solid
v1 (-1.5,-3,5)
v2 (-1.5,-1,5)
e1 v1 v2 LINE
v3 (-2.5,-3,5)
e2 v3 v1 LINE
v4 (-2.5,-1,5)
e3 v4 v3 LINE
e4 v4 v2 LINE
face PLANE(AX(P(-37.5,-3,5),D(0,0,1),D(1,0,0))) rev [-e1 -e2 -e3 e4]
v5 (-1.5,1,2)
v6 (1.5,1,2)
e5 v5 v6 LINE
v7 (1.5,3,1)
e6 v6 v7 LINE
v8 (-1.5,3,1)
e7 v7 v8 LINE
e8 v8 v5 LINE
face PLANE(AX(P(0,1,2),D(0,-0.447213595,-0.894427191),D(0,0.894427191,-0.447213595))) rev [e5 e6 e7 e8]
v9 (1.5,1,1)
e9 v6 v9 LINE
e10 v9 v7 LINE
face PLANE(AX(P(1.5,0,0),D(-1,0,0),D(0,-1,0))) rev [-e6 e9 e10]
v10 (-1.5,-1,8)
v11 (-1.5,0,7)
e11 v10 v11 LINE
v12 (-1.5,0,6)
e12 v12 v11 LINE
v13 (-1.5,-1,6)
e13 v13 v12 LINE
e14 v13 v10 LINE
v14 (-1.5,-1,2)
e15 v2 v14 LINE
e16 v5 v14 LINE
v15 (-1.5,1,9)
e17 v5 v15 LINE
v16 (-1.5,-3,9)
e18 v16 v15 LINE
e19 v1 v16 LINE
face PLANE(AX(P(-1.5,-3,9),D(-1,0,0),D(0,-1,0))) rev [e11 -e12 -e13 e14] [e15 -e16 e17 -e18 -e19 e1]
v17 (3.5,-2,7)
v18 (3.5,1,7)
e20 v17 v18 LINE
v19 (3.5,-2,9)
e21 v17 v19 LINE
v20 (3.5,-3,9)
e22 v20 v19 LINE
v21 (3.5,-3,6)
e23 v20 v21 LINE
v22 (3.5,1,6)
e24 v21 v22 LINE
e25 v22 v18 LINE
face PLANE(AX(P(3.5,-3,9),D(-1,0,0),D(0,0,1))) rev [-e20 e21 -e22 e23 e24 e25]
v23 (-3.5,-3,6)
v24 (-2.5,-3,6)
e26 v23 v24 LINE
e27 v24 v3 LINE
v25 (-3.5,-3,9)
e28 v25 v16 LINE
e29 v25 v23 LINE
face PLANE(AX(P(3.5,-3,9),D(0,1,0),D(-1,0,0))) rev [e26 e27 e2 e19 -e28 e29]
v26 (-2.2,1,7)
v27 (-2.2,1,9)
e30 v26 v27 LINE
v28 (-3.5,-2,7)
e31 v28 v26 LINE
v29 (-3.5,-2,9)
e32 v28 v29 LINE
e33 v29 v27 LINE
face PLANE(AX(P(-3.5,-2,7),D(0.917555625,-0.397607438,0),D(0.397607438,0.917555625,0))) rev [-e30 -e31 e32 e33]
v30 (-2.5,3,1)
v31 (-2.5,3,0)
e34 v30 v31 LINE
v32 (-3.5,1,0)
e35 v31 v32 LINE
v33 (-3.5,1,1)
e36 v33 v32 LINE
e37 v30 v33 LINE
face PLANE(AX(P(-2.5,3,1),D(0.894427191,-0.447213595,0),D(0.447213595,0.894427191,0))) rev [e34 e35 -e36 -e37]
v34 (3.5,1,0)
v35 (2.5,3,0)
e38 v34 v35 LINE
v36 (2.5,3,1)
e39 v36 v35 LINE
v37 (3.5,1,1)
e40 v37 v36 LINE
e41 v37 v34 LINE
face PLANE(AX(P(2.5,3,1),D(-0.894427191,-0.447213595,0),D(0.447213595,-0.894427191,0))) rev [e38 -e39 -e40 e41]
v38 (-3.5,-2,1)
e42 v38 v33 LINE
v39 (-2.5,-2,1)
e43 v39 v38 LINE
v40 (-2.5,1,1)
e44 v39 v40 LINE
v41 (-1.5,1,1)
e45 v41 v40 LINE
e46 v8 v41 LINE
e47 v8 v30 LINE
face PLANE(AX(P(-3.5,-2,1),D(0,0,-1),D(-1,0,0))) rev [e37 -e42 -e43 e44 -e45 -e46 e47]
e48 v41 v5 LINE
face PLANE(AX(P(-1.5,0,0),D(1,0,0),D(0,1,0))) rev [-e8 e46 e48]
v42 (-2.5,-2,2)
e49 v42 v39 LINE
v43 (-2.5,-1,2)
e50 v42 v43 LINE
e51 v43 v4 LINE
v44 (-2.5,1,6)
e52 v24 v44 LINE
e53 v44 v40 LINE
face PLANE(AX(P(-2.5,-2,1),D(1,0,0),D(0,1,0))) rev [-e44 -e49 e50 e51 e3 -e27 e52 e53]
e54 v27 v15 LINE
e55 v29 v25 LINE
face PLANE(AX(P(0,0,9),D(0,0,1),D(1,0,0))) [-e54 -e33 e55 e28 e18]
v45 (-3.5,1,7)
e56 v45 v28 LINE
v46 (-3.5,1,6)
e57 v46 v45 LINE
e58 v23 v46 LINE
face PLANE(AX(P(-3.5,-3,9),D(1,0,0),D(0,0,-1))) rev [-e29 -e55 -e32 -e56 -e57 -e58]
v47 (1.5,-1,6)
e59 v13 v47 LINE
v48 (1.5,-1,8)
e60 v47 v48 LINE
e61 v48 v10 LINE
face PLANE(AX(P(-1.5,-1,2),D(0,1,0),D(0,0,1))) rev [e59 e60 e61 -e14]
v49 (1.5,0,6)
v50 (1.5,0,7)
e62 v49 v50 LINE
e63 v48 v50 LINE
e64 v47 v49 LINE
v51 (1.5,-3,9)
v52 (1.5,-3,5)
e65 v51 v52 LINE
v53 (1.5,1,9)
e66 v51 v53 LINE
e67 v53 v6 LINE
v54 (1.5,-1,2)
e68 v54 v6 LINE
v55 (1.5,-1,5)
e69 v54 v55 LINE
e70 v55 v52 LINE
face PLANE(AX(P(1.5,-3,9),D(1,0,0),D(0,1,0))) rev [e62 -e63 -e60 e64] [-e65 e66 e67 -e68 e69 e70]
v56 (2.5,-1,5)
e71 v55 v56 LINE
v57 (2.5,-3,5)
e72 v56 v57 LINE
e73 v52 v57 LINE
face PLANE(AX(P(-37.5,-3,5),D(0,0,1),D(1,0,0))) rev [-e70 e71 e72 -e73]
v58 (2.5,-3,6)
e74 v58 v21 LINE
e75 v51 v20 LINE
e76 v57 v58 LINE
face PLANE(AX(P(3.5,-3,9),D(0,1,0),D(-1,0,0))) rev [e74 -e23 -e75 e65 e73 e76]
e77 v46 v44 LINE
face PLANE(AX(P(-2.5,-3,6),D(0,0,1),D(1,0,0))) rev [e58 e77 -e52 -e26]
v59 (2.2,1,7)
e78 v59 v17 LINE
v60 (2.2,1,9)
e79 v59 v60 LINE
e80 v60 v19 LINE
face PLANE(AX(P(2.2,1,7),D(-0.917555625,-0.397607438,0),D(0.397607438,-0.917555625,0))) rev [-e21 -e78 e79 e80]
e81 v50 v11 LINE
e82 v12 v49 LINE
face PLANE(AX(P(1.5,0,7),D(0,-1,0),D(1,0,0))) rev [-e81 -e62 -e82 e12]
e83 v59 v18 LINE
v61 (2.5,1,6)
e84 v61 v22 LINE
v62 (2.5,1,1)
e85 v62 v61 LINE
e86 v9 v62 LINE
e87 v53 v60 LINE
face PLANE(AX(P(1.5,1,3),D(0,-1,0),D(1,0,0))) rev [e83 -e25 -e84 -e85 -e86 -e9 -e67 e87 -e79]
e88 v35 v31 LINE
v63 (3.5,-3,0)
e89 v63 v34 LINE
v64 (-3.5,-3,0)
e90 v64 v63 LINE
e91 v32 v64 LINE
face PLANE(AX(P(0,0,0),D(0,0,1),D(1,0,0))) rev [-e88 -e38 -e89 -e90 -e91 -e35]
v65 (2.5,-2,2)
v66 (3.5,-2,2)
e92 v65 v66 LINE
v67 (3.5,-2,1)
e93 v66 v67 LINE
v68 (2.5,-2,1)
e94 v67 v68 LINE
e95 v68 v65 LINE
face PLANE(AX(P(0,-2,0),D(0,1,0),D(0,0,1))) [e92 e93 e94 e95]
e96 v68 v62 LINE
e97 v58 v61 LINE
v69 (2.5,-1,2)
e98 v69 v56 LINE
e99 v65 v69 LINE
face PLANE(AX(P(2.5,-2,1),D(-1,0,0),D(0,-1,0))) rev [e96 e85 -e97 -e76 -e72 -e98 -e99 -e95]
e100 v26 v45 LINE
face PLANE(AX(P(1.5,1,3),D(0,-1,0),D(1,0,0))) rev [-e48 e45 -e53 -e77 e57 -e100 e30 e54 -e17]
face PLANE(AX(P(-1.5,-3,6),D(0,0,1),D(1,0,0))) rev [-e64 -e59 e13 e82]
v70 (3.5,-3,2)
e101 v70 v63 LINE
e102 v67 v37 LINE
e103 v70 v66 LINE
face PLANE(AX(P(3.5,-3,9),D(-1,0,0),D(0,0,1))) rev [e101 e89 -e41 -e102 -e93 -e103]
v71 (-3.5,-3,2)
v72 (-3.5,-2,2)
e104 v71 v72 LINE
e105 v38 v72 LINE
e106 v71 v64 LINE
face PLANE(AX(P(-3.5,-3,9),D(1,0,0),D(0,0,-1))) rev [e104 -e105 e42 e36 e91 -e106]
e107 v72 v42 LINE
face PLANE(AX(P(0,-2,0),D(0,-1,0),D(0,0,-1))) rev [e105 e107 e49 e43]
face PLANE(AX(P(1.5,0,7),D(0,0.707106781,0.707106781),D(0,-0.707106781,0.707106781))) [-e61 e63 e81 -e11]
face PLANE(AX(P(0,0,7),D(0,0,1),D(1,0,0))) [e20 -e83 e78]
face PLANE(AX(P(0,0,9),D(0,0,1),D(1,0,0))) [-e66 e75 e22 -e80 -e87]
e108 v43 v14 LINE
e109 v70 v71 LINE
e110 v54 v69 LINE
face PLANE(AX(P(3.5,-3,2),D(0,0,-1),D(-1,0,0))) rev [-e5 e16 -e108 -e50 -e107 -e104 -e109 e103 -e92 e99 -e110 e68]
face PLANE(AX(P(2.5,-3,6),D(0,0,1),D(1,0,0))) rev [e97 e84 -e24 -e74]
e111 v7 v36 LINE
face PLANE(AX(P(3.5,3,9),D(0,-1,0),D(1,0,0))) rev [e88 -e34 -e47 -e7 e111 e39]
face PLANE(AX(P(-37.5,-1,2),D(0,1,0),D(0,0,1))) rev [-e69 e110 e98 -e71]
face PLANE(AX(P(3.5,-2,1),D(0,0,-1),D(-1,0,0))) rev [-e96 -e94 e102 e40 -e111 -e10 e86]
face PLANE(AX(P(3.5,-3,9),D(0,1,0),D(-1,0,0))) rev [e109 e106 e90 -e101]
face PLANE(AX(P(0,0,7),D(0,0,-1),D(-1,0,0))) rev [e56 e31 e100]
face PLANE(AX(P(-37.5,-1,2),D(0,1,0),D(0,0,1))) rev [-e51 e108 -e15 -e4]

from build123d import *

# Parameters (mm, degrees)
SKETCH1_W           = 7
SKETCH1_H           = 6
BOSS_EXTRUDE1_DEPTH = 9
SKETCH2_W           = 3
SKETCH2_H           = 1
CUT_EXTRUDE10_DEPTH = 7
CUT_EXTRUDE11_DEPTH = 1
SKETCH12_W          = 1
SKETCH12_H          = 1
CUT_EXTRUDE12_DEPTH = 5
SKETCH13_W          = 1
SKETCH13_H          = 4
CUT_EXTRUDE13_DEPTH = 7
CUT_EXTRUDE14_DEPTH = 2
SKETCH15_W          = 3
SKETCH15_H          = 2
CUT_EXTRUDE17_DEPTH = 6
SKETCH18_W          = 3
SKETCH18_H          = 1
CUT_EXTRUDE18_DEPTH = 6
SKETCH20_W          = 3
SKETCH20_H          = 3.16227766
CUT_EXTRUDE19_DEPTH = 6
SKETCH21_W          = 3
SKETCH21_H          = 4
CUT_EXTRUDE20_DEPTH = 6
SKETCH22_W          = 3
SKETCH22_H          = 1
CUT_EXTRUDE22_DEPTH = 6
SKETCH23_W          = 7
SKETCH23_H          = 2
CUT_EXTRUDE24_DEPTH = 7
SKETCH24_W          = 3
SKETCH24_H          = 1
CUT_EXTRUDE25_DEPTH = 2
SKETCH25_W          = 3
SKETCH25_H          = 1
CUT_EXTRUDE26_DEPTH = 2
SKETCH28_W          = 3
SKETCH28_H          = 2.236067977
CUT_EXTRUDE27_DEPTH = 2
SKETCH29_W          = 1
SKETCH29_H          = 2
CUT_EXTRUDE28_DEPTH = 1
SKETCH30_W          = 1
SKETCH30_H          = 2
CUT_EXTRUDE29_DEPTH = 1
SKETCH31_W          = 3
SKETCH31_H          = 2
CUT_EXTRUDE30_DEPTH = 40
CUT_EXTRUDE31_DEPTH = 3


with BuildPart() as part:
    # Sketch1 → Boss-Extrude1 (new body)
    with BuildSketch(Plane.XY):
        Rectangle(SKETCH1_W, SKETCH1_H)
    extrude(amount=BOSS_EXTRUDE1_DEPTH)

    # Sketch2 → Cut-Extrude10 (cut, through all)
    with BuildSketch(Plane(origin=(0, 3, 0), x_dir=(1, 0, 0), z_dir=(0, 1, 0))):
        with Locations((0, -8.5)):
            Rectangle(SKETCH2_W, SKETCH2_H)
    extrude(amount=-CUT_EXTRUDE10_DEPTH, mode=Mode.SUBTRACT)

    # Sketch11 → Cut-Extrude11 (cut)
    with BuildSketch(Plane(origin=(0, 0, 0), x_dir=(-1, 0, 0), z_dir=(0, 0, -1))):
        Polygon((-2.5, 3), (-3.5, 1), (-3.5, 3), align=None)
        Polygon((3.5, 3), (2.5, 3), (3.5, 1), align=None)
    extrude(amount=-CUT_EXTRUDE11_DEPTH, mode=Mode.SUBTRACT)

    # Sketch12 → Cut-Extrude12 (cut)
    with BuildSketch(Plane(origin=(0, 3, 0), x_dir=(1, 0, 0), z_dir=(0, 1, 0))):
        with Locations((3, -1.5)):
            Rectangle(SKETCH12_W, SKETCH12_H)
        with Locations((-3, -1.5)):
            Rectangle(SKETCH12_W, SKETCH12_H)
    extrude(amount=-CUT_EXTRUDE12_DEPTH, mode=Mode.SUBTRACT)

    # Sketch13 → Cut-Extrude13 (cut, through all)
    with BuildSketch(Plane(origin=(0, 3, 0), x_dir=(1, 0, 0), z_dir=(0, 1, 0))):
        with Locations((3, -4)):
            Rectangle(SKETCH13_W, SKETCH13_H)
        with Locations((-3, -4)):
            Rectangle(SKETCH13_W, SKETCH13_H)
    extrude(amount=-CUT_EXTRUDE13_DEPTH, mode=Mode.SUBTRACT)

    # Sketch14 → Cut-Extrude14 (cut)
    with BuildSketch(Plane.XY.offset(9)):
        Polygon((3.5, 3), (2.5, 3), (3.5, -2), align=None)
        Polygon((-3.5, 3), (-2.5, 3), (-3.5, -2), align=None)
    extrude(amount=-CUT_EXTRUDE14_DEPTH, mode=Mode.SUBTRACT)

    # Sketch15 → Cut-Extrude17 (cut)
    with BuildSketch(Plane.XY.offset(8)):
        with Locations((0, -2)):
            Rectangle(SKETCH15_W, SKETCH15_H)
    extrude(amount=-CUT_EXTRUDE17_DEPTH, mode=Mode.SUBTRACT)

    # Sketch18 → Cut-Extrude18 (cut)
    with BuildSketch(Plane.XY.offset(8)):
        with Locations((0, 2.5)):
            Rectangle(SKETCH18_W, SKETCH18_H)
    extrude(amount=-CUT_EXTRUDE18_DEPTH, mode=Mode.SUBTRACT)

    # Sketch20 → Cut-Extrude19 (cut)
    with BuildSketch(Plane(origin=(0, 2.3, 6.9), x_dir=(-1, 0, 0), z_dir=(0, -0.316227766, -0.948683298))):
        with Locations((0, -1.897366596)):
            Rectangle(SKETCH20_W, SKETCH20_H)
    extrude(amount=-CUT_EXTRUDE19_DEPTH, mode=Mode.SUBTRACT)

    # Sketch21 → Cut-Extrude20 (cut, through all)
    with BuildSketch(Plane(origin=(0, 2, 0), x_dir=(1, 0, 0), z_dir=(0, 1, 0))):
        with Locations((0, -4)):
            Rectangle(SKETCH21_W, SKETCH21_H)
    extrude(amount=-CUT_EXTRUDE20_DEPTH, mode=Mode.SUBTRACT)

    # Sketch22 → Cut-Extrude22 (cut)
    with BuildSketch(Plane.XY.offset(9)):
        with Locations((0, 1.5)):
            Rectangle(SKETCH22_W, SKETCH22_H)
    extrude(amount=-CUT_EXTRUDE22_DEPTH, mode=Mode.SUBTRACT)

    # Sketch23 → Cut-Extrude24 (cut)
    with BuildSketch(Plane.XY.offset(9)):
        with Locations((0, 2)):
            Rectangle(SKETCH23_W, SKETCH23_H)
    extrude(amount=-CUT_EXTRUDE24_DEPTH, mode=Mode.SUBTRACT)

    # Sketch24 → Cut-Extrude25 (cut)
    with BuildSketch(Plane.XY.offset(9)):
        Polygon((2.2, 1), (3.5, -2), (2.9, 1), align=None)
        Polygon((-2.2, 1), (-2.9, 1), (-3.5, -2), align=None)
        with Locations((0, 0.5)):
            Rectangle(SKETCH24_W, SKETCH24_H)
    extrude(amount=-CUT_EXTRUDE25_DEPTH, mode=Mode.SUBTRACT)

    # Sketch25 → Cut-Extrude26 (cut)
    with BuildSketch(Plane.XY.offset(7)):
        with Locations((0, 0.5)):
            Rectangle(SKETCH25_W, SKETCH25_H)
    extrude(amount=-CUT_EXTRUDE26_DEPTH, mode=Mode.SUBTRACT)

    # Sketch28 → Cut-Extrude27 (cut)
    with BuildSketch(Plane(origin=(0, 1, 2), x_dir=(1, 0, 0), z_dir=(0, 0.447213595, 0.894427191))):
        with Locations((0, 1.118033989)):
            Rectangle(SKETCH28_W, SKETCH28_H)
    extrude(amount=CUT_EXTRUDE27_DEPTH, mode=Mode.SUBTRACT)

    # Sketch29 → Cut-Extrude28 (cut)
    with BuildSketch(Plane(origin=(2.5, 0, 0), x_dir=(0, 0, -1), z_dir=(1, 0, 0))):
        with Locations((-1.5, 2)):
            Rectangle(SKETCH29_W, SKETCH29_H)
    extrude(amount=-CUT_EXTRUDE28_DEPTH, mode=Mode.SUBTRACT)

    # Sketch30 → Cut-Extrude29 (cut)
    with BuildSketch(Plane.ZY.offset(2.5)):
        with Locations((1.5, 2)):
            Rectangle(SKETCH30_W, SKETCH30_H)
    extrude(amount=-CUT_EXTRUDE29_DEPTH, mode=Mode.SUBTRACT)

    # Sketch31 → Cut-Extrude30 (cut)
    with BuildSketch(Plane(origin=(2.5, 0, 0), x_dir=(0, 0, -1), z_dir=(1, 0, 0))):
        with Locations((-3.5, -2)):
            Rectangle(SKETCH31_W, SKETCH31_H)
    extrude(amount=-CUT_EXTRUDE30_DEPTH, mode=Mode.SUBTRACT)

    # Sketch33 → Cut-Extrude31 (cut)
    with BuildSketch(Plane(origin=(-1.5, 0, 0), x_dir=(0, 0, -1), z_dir=(1, 0, 0))):
        Polygon((-7, 0), (-8, -1), (-8.435720839, 0.362085591), align=None)
    extrude(amount=CUT_EXTRUDE31_DEPTH, mode=Mode.SUBTRACT)


solid = part.part
